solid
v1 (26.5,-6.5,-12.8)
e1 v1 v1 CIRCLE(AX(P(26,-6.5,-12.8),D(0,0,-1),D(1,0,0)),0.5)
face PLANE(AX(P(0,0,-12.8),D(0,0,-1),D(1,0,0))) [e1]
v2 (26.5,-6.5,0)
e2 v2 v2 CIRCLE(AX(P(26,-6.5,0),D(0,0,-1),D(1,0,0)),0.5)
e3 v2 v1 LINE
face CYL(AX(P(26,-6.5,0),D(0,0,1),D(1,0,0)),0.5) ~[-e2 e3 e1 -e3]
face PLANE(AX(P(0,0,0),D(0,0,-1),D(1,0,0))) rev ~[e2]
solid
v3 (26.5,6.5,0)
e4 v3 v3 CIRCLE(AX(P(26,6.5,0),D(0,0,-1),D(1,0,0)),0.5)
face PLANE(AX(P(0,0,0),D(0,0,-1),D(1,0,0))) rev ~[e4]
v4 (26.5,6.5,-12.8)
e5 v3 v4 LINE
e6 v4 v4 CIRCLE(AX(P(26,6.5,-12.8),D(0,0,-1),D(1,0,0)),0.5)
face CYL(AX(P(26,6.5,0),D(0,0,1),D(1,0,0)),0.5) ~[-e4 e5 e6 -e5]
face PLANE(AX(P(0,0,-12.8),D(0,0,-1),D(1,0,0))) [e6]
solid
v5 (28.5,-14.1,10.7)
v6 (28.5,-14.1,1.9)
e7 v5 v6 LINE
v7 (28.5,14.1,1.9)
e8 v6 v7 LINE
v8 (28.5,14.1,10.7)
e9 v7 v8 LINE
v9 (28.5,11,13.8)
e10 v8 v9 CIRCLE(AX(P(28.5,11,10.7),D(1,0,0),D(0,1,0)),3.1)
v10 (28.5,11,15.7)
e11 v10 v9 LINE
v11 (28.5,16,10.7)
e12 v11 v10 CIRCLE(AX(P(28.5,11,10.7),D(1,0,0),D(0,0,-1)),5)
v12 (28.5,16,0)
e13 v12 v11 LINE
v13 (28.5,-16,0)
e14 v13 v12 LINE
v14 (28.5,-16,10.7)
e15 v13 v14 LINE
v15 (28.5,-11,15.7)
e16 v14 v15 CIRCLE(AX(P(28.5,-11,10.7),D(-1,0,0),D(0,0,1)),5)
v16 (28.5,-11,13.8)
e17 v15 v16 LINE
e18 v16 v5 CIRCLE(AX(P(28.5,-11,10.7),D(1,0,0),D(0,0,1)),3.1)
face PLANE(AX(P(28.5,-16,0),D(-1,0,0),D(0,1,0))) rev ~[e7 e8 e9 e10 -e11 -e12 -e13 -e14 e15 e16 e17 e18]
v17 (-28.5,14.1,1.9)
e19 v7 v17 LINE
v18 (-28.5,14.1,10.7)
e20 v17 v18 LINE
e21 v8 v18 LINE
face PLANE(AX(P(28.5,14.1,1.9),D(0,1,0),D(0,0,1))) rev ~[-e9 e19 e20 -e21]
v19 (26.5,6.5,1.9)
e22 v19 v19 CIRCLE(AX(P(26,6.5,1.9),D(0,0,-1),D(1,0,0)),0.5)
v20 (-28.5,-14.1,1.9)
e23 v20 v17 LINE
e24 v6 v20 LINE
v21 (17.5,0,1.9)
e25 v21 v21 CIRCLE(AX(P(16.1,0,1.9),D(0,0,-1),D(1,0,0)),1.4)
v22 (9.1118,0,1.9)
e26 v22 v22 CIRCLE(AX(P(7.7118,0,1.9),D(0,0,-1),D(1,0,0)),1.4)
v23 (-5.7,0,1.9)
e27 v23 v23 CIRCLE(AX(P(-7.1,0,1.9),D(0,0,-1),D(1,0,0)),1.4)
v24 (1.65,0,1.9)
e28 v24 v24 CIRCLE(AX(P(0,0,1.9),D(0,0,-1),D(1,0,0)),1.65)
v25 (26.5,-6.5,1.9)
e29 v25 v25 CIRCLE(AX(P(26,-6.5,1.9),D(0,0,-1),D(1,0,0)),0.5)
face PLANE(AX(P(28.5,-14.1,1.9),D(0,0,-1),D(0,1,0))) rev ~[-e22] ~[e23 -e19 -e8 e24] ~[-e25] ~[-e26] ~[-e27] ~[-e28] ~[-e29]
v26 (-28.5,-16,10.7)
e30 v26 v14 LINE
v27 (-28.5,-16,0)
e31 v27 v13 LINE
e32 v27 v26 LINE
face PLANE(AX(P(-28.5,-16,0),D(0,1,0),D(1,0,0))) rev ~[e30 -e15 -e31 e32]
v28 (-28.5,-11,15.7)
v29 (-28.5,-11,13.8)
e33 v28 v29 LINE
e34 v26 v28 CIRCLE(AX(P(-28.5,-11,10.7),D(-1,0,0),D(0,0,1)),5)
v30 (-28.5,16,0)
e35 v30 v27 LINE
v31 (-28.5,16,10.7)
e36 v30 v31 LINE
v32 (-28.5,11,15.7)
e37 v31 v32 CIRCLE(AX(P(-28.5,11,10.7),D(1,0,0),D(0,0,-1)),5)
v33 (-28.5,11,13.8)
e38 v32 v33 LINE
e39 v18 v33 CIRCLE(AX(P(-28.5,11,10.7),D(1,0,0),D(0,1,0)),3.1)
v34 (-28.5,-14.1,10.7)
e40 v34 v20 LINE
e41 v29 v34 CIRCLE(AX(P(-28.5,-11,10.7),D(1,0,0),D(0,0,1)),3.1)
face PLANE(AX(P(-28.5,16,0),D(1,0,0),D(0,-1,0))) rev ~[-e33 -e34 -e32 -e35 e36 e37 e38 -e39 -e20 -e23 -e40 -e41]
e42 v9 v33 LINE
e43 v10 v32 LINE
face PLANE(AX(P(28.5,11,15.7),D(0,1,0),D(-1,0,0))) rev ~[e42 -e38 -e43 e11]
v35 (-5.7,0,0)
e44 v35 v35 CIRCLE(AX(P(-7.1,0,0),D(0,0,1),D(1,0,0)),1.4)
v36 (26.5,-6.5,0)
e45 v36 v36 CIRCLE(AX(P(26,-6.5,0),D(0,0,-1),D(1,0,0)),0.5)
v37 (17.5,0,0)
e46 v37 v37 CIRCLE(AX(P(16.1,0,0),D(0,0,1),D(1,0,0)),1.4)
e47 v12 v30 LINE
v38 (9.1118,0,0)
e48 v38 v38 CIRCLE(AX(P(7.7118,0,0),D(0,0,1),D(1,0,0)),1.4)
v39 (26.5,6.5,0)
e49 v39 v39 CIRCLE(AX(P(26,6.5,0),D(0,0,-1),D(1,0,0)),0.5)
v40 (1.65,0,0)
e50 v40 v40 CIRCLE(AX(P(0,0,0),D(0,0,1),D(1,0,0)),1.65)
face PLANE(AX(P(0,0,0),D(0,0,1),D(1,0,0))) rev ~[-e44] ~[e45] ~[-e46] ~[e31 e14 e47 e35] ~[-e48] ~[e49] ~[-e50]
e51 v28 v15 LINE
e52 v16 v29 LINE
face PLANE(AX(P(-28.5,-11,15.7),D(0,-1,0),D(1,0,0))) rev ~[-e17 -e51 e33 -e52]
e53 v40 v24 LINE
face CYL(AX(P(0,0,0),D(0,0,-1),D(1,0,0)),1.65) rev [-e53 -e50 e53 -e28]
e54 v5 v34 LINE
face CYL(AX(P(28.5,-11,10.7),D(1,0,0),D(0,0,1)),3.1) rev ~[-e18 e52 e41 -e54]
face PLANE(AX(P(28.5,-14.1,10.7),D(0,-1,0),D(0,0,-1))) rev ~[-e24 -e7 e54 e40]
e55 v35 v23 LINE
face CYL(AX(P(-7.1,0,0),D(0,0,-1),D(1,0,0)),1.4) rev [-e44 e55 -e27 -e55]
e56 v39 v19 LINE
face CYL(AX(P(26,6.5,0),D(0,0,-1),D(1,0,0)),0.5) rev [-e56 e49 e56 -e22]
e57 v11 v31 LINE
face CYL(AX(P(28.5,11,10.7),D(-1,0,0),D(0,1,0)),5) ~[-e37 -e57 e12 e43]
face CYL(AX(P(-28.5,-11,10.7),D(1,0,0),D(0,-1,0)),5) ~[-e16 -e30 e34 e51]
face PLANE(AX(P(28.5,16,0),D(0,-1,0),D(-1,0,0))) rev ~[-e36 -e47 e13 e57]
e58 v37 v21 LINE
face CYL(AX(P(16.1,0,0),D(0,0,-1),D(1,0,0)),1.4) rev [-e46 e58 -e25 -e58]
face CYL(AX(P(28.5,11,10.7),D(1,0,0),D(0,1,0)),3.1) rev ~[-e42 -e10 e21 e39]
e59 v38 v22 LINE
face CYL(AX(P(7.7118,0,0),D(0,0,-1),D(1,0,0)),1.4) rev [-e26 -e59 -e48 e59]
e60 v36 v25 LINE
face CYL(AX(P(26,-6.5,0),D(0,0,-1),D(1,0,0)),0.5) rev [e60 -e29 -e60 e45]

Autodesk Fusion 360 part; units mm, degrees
sketch "Sketch1" plane through (0, 0, 0) normal (0, 0, 1) x (1, 0, 0)
  line L0 (28.5, 16) -> (-28.5, 16)
  line L1 (-28.5, 16) -> (-28.5, -16)
  line L2 (-28.5, -16) -> (28.5, -16)
  line L3 (28.5, -16) -> (28.5, 16)
  line L4 (28.5, 16) -> (-28.5, -16) construction
  line L5 (-28.5, 16) -> (28.5, -16) construction
  circle A0 centre (0, 0) radius 1.65
  circle A1 centre (-7.1, 0) radius 1.4
  line L6 (-28.5, 0) -> (28.5, 0) construction
  circle A2 centre (7.7118, 0) radius 1.4
  circle A3 centre (16.1, 0) radius 1.4
  circle A4 centre (26, 6.5) radius 0.5
  circle A5 centre (26, -6.5) radius 0.5
  line L7 (26, 6.5) -> (26, -6.5) construction
  dimension "d1" = 57
  dimension "d2" = 32
  dimension "d3" = 3.3
  dimension "d4" = 2.8
  dimension "d5" = 7.1
  dimension "d6" = 2.8
  dimension "d7" = 7.7118
  dimension "d8" = 2.8
  dimension "d9" = 16.1
  dimension "d10" = 1
  dimension "d11" = 1
  dimension "d12" = 13
  dimension "d13" = 9.9
extrude "Extrude1" add sketch "Sketch1" along normal blind 15.7 makes body 1
fillet "Fillet1" radius 5 2 edges at (0, -16, 15.7) (0, 16, 15.7) on bodies 1
sketch "Sketch2" plane through (0, 0, 0) normal (0, 0, -1) x (1, 0, 0)
  circle A0 centre (-7.1, 0) radius 1.4
  circle A1 centre (26, -6.5) radius 0.5
  circle A2 centre (0, 0) radius 1.65
  circle A3 centre (7.7118, 0) radius 1.4
  circle A4 centre (26, 6.5) radius 0.5
  circle A5 centre (16.1, 0) radius 1.4
  line L0 (28.5, -16) -> (28.5, 16)
  line L1 (28.5, 16) -> (-28.5, 16)
  line L2 (-28.5, 16) -> (-28.5, -16)
  line L3 (-28.5, -16) -> (28.5, -16)
  circle A6 centre (26, 6.5) radius 0.5
  circle A7 centre (26, -6.5) radius 0.5
extrude "Extrude2" add sketch "Sketch2" along normal blind 12.8 separate body contours A1 A7 | A4 A6 makes body 2 at (26.1354, -6.9813, -8.5333) makes body 3 at (26.2713, 6.92, -8.5333)
sketch "Sketch3" plane through (28.5, 0, 0) normal (1, 0, 0) x (0, 1, 0)
  arc A0 (16, 10.7) -> (11, 15.7) centre (11, 10.7) ccw
  line L0 (11, 15.7) -> (-11, 15.7)
  arc A1 (-11, 15.7) -> (-16, 10.7) centre (-11, 10.7) ccw
  line L1 (-16, 10.7) -> (-16, 0)
  line L2 (-16, 0) -> (16, 0)
  line L3 (16, 0) -> (16, 10.7)
  line L4 (-14.1, 10.7) -> (-14.1, 1.9)
  line L5 (-14.1, 1.9) -> (14.1, 1.9)
  line L6 (14.1, 1.9) -> (14.1, 10.7)
  arc A2 (14.1, 10.7) -> (11, 13.8) centre (11, 10.7) ccw
  line L7 (11, 13.8) -> (-11, 13.8)
  arc A3 (-11, 13.8) -> (-14.1, 10.7) centre (-11, 10.7) ccw
  dimension "d19" = -1.9
extrude "Extrude3" cut sketch "Sketch3" against normal through all contours L4 L5 L6 A2 L7 A3 bodies 1
sketch "Sketch4" plane through (0, 0, 15.7) normal (0, 0, 1) x (-1, 0, 0)
  circle A0 centre (-16.1, 0) radius 1.4
  circle A1 centre (-26, 6.5) radius 0.5
  circle A2 centre (-7.7118, 0) radius 1.4
  circle A3 centre (0, 0) radius 1.65
  circle A4 centre (-26, -6.5) radius 0.5
  circle A5 centre (7.1, 0) radius 1.4
  line L0 (-28.5, -11) -> (28.5, -11)
  line L1 (28.5, -11) -> (28.5, 11)
  line L2 (28.5, 11) -> (-28.5, 11)
  line L3 (-28.5, 11) -> (-28.5, -11)
  line L4 (28.5, -11) -> (-28.5, -11)
  line L5 (-28.5, 11) -> (28.5, 11)
  line L6 (28.5, -11) -> (28.5, 11)
  line L7 (-28.5, 11) -> (-28.5, -11)
extrude "Extrude4" cut sketch "Sketch4" against normal blind 2 bodies 1
combine "Combine1" operation add target body 3 tool bodies 2 1
